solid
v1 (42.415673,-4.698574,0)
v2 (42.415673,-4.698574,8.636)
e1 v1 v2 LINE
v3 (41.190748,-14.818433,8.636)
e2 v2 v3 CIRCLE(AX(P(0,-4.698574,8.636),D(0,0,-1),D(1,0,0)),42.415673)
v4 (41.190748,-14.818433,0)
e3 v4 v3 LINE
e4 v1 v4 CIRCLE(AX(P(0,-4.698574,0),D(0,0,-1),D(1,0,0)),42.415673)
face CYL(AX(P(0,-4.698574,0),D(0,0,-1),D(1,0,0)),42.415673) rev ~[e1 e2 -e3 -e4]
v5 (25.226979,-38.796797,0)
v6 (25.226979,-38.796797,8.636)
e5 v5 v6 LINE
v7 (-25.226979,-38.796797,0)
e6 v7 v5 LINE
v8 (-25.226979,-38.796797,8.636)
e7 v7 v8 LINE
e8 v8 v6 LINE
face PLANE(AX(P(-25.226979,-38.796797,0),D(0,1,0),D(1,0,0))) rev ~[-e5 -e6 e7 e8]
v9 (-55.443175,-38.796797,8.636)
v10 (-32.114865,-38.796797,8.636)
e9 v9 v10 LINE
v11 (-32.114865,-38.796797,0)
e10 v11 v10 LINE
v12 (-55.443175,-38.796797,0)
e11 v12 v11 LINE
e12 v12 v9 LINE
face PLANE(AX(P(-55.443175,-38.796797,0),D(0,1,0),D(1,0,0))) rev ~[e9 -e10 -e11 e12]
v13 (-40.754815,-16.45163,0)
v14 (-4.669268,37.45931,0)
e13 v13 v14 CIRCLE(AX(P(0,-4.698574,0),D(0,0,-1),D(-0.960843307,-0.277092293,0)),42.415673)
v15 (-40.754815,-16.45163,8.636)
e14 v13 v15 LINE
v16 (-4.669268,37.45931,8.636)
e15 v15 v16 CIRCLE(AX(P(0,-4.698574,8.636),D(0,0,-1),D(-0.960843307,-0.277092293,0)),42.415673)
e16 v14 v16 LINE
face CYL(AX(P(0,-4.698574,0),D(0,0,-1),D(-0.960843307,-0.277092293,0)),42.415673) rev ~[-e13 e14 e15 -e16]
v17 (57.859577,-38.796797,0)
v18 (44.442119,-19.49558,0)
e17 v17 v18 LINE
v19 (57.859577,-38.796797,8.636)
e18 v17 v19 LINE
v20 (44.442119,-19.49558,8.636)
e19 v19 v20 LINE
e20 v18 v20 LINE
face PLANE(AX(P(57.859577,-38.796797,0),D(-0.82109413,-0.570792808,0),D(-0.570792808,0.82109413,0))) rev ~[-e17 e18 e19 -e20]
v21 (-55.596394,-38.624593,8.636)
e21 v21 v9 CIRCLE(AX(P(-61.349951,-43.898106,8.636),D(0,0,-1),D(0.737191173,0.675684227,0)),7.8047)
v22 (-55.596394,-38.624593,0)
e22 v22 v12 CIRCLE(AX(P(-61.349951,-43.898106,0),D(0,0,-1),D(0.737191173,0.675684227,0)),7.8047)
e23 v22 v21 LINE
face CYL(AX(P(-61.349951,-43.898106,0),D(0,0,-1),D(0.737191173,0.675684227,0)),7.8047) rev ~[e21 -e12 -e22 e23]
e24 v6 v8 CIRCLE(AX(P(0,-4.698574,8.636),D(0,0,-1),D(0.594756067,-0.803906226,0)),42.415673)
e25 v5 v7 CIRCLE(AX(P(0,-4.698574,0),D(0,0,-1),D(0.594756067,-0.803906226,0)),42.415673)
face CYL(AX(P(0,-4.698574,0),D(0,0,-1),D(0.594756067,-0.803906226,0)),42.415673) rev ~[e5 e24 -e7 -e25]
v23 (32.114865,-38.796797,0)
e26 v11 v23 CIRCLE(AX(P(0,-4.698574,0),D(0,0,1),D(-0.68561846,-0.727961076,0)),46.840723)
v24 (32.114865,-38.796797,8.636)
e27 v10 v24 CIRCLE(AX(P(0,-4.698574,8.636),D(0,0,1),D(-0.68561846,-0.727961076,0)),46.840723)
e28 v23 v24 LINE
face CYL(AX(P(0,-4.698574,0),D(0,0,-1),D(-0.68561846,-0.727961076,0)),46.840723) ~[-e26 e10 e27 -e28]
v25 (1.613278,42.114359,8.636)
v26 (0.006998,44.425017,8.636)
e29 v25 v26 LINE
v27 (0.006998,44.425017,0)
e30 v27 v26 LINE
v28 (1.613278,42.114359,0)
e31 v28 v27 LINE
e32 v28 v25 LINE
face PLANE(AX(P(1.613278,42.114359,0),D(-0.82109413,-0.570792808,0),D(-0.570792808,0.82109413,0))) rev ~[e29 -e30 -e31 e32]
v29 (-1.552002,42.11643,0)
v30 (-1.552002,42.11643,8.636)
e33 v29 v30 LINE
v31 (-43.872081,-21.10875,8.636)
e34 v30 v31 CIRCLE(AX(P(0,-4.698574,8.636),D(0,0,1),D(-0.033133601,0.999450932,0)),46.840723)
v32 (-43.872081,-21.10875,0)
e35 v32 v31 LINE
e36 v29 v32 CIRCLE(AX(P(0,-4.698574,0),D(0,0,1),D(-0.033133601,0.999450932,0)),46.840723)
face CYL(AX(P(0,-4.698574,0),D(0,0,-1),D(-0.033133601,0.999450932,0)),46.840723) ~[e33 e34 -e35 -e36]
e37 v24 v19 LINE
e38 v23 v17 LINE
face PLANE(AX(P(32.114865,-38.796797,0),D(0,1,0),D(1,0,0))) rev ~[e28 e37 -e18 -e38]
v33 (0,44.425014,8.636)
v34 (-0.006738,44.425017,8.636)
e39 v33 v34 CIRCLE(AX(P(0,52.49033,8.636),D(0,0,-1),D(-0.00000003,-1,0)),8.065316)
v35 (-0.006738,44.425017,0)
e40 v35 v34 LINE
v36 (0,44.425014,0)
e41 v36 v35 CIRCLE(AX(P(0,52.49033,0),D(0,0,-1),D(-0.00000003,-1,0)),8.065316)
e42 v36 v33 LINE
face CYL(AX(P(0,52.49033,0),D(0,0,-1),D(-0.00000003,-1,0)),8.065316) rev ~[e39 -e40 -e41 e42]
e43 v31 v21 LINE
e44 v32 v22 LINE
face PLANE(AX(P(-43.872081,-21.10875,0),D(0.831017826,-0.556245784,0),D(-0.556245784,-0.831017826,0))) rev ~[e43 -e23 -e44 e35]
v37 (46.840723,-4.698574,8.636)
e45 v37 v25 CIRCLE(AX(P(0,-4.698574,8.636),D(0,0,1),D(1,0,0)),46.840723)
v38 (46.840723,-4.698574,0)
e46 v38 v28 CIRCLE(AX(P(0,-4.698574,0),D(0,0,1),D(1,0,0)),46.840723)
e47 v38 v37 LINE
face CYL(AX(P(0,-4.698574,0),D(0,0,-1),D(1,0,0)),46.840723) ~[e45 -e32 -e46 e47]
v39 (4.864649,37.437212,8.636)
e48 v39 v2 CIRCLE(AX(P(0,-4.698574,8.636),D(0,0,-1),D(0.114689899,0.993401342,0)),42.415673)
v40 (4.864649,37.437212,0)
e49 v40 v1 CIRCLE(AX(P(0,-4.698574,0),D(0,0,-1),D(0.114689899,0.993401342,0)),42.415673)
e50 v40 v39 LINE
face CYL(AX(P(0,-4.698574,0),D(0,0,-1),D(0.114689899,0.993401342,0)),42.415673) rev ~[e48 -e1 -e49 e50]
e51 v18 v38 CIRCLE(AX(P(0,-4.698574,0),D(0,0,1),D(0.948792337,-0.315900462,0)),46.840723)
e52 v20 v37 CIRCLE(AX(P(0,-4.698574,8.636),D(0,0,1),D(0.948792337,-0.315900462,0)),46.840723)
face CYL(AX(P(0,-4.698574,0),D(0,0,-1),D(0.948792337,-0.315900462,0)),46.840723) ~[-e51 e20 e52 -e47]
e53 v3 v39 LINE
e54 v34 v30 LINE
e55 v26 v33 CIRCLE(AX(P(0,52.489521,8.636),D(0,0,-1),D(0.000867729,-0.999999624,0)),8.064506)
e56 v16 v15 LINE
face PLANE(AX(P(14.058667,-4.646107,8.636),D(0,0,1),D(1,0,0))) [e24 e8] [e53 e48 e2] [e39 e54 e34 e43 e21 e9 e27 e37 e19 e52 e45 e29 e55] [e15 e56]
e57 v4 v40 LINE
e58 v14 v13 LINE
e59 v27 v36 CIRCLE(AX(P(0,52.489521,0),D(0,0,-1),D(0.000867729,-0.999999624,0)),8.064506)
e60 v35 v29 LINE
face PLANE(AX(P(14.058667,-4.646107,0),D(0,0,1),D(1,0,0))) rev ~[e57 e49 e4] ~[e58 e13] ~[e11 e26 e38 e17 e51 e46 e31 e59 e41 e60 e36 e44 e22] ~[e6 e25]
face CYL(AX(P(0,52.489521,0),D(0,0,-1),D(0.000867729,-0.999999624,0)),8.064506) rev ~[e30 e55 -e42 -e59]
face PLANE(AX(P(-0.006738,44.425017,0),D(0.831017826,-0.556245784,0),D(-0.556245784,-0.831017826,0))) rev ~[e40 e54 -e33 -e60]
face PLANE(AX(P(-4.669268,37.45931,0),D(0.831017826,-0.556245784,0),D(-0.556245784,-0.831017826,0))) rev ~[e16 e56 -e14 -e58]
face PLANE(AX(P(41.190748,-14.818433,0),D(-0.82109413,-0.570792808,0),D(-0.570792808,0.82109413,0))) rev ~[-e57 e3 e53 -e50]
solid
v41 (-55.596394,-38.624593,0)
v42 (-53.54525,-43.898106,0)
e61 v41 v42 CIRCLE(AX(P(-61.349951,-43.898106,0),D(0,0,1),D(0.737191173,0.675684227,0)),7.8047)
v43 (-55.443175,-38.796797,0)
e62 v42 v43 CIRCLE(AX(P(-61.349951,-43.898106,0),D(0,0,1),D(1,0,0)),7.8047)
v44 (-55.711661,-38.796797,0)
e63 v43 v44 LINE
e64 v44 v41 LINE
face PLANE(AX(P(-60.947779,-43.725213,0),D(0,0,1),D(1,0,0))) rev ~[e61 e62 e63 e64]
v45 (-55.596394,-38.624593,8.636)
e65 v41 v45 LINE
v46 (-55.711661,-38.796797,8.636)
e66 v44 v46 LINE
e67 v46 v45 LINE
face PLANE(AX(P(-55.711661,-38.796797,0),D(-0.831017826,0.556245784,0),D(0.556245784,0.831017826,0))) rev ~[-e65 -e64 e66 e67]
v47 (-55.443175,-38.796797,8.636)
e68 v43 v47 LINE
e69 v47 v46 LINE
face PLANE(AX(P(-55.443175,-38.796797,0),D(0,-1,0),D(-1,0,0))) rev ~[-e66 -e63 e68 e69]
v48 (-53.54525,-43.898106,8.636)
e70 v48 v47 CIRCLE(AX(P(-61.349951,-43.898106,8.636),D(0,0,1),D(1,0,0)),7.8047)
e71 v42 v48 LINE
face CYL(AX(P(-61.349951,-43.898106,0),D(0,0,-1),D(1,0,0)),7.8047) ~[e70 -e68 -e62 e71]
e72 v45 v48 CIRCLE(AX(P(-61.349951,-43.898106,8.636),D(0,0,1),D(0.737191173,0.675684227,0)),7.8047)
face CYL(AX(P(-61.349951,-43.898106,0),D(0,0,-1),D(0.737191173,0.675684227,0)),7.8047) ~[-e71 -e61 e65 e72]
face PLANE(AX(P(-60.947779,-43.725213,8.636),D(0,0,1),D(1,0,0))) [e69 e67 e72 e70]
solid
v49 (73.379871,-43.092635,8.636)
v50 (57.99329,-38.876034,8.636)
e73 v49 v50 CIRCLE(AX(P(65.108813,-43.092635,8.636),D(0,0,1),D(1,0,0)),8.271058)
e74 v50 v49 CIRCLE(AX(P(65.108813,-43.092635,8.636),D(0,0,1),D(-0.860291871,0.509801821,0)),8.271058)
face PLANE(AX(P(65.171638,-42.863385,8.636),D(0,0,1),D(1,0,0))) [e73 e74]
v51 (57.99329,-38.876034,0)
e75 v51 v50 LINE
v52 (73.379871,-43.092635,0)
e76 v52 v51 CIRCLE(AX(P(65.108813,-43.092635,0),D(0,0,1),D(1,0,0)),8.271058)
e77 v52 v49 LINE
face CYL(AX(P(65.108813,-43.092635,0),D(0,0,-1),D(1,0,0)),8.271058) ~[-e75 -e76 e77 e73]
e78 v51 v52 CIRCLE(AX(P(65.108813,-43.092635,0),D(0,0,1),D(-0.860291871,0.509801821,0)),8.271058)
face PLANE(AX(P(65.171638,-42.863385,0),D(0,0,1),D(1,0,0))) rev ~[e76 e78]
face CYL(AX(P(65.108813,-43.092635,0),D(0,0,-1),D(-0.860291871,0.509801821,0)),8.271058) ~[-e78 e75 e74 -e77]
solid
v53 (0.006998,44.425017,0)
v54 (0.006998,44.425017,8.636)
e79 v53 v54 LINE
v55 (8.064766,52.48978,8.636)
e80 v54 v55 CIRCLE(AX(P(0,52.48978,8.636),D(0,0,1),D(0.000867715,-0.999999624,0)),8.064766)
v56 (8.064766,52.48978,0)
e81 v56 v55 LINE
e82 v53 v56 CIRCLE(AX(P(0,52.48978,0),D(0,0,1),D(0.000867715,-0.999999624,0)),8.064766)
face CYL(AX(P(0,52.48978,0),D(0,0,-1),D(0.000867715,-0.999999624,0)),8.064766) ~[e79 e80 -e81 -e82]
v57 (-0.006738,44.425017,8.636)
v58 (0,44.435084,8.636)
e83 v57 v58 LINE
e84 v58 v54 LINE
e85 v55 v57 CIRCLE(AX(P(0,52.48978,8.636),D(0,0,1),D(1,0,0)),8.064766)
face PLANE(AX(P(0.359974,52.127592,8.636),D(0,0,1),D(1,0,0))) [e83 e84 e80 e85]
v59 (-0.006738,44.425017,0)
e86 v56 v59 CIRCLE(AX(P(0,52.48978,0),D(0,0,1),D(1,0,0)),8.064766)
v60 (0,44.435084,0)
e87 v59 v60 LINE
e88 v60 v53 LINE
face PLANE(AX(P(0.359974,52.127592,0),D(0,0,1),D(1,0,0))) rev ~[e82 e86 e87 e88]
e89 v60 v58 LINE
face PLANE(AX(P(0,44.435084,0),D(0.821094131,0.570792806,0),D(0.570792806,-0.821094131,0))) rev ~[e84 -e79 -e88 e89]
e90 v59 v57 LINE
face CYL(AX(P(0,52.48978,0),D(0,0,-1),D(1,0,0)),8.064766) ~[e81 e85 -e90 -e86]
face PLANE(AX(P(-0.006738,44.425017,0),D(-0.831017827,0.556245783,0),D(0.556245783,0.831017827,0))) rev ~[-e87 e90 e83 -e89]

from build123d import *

# Parameters (mm, degrees)
F1_DEPTH = 8.636


with BuildPart() as f1:
    # F0 (on Top) → F1 (new body)
    with BuildSketch(Plane.XY):
        with BuildLine():
            Line((0, 37.7170985419), (0, -38.7967973948))
            Line((0, -38.7967973948), (25.2269786209, -38.7967973948))
            ThreePointArc((25.2269786209, -38.7967973948), (35.3067853532, -28.2043221354), (41.1907481305, -14.8184333745))
            Line((41.1907481305, -14.8184333745), (4.8646492094, 37.437212041))
            ThreePointArc((4.8646492094, 37.437212041), (2.4363470803, 37.6470691064), (0, 37.7170985419))
        make_face()
        with BuildLine():
            ThreePointArc((-40.7548151647, -16.4516300475), (-34.8313925035, -28.9031889268), (-25.2269786209, -38.7967973948))
            Line((-25.2269786209, -38.7967973948), (0, -38.7967973948))
            Line((0, -38.7967973948), (0, 37.7170985419))
            ThreePointArc((0, 37.7170985419), (-2.3381891628, 37.6526024728), (-4.6692675573, 37.4593104073))
            Line((-4.6692675573, 37.4593104073), (-40.7548151647, -16.4516300475))
        make_face()
        with BuildLine():
            ThreePointArc((0, 42.1421492286), (-0.7761074517, 42.135719096), (-1.5520018207, 42.1164304636))
            Line((-1.5520018207, 42.1164304636), (-4.6692675573, 37.4593104073))
            ThreePointArc((-4.6692675573, 37.4593104073), (-2.3381891628, 37.6526024728), (0, 37.7170985419))
            Line((0, 37.7170985419), (0, 42.1421492286))
        make_face()
        with BuildLine():
            ThreePointArc((1.6132780308, 42.1143588987), (0.8067586856, 42.1352011308), (0, 42.1421492286))
            Line((0, 42.1421492286), (0, 37.7170985419))
            ThreePointArc((0, 37.7170985419), (2.4363470803, 37.6470691064), (4.8646492094, 37.437212041))
            Line((4.8646492094, 37.437212041), (1.6132780308, 42.1143588987))
        make_face()
        with BuildLine():
            Line((-0.006738286, 44.4250170288), (-1.5520018207, 42.1164304636))
            ThreePointArc((-1.5520018207, 42.1164304636), (-0.7761074517, 42.135719096), (0, 42.1421492286))
            Line((0, 42.1421492286), (0, 44.4250142138))
            ThreePointArc((0, 44.4250142138), (-0.0033691433, 44.4250149176), (-0.006738286, 44.4250170288))
        make_face()
        with BuildLine():
            Line((0, 44.4250142138), (0, 42.1421492286))
            ThreePointArc((0, 42.1421492286), (0.8067586856, 42.1352011308), (1.6132780308, 42.1143588987))
            Line((1.6132780308, 42.1143588987), (0.0069979213, 44.4250172499))
            ThreePointArc((0.0069979213, 44.4250172499), (0.003498961, 44.4250149728), (0, 44.4250142138))
        make_face()
        with BuildLine():
            Line((41.1907481305, -14.8184333745), (44.442119309, -19.4955802322))
            ThreePointArc((44.442119309, -19.4955802322), (46.237184027, -12.193650666), (46.8407233059, -4.6985740773))
            ThreePointArc((46.8407233059, -4.6985740773), (33.6869445756, 27.8474414235), (1.6132780308, 42.1143588987))
            Line((1.6132780308, 42.1143588987), (4.8646492094, 37.437212041))
            ThreePointArc((4.8646492094, 37.437212041), (31.6656489908, 23.5215598298), (42.4156726192, -4.6985740773))
            ThreePointArc((42.4156726192, -4.6985740773), (42.108327985, -9.7954356656), (41.1907481305, -14.8184333745))
        make_face()
        with BuildLine():
            Line((25.2269786209, -38.7967973948), (32.114864571, -38.7967973948))
            ThreePointArc((32.114864571, -38.7967973948), (39.4762864412, -29.9111933112), (44.442119309, -19.4955802322))
            Line((44.442119309, -19.4955802322), (41.1907481305, -14.8184333745))
            ThreePointArc((41.1907481305, -14.8184333745), (35.3067853532, -28.2043221354), (25.2269786209, -38.7967973948))
        make_face()
        with BuildLine():
            ThreePointArc((44.442119309, -19.4955802322), (39.4762864412, -29.9111933112), (32.114864571, -38.7967973948))
            Line((32.114864571, -38.7967973948), (46.3145114481, -38.7967973948))
            Line((46.3145114481, -38.7967973948), (57.8595772386, -38.7967973948))
            Line((57.8595772386, -38.7967973948), (44.442119309, -19.4955802322))
        make_face()
        with BuildLine():
            Line((-25.2269786209, -38.7967973948), (-32.114864571, -38.7967973948))
            ThreePointArc((-32.114864571, -38.7967973948), (0, -51.5392973832), (32.114864571, -38.7967973948))
            Line((32.114864571, -38.7967973948), (25.2269786209, -38.7967973948))
            ThreePointArc((25.2269786209, -38.7967973948), (0, -47.1142466966), (-25.2269786209, -38.7967973948))
        make_face()
        with BuildLine():
            ThreePointArc((-55.596394433, -38.6245926113), (-55.5191487672, -38.7101293299), (-55.443174629, -38.7967973948))
            Line((-55.443174629, -38.7967973948), (-32.114864571, -38.7967973948))
            ThreePointArc((-32.114864571, -38.7967973948), (-39.0092389671, -30.6279519146), (-43.8720809012, -21.1087501038))
            Line((-43.8720809012, -21.1087501038), (-55.596394433, -38.6245926113))
        make_face()
        with BuildLine():
            ThreePointArc((-43.8720809012, -21.1087501038), (-39.0092389671, -30.6279519146), (-32.114864571, -38.7967973948))
            Line((-32.114864571, -38.7967973948), (-25.2269786209, -38.7967973948))
            ThreePointArc((-25.2269786209, -38.7967973948), (-34.8313925035, -28.9031889268), (-40.7548151647, -16.4516300475))
            Line((-40.7548151647, -16.4516300475), (-43.8720809012, -21.1087501038))
        make_face()
        with BuildLine():
            ThreePointArc((-1.5520018207, 42.1164304636), (-38.9254760694, 21.3563807796), (-43.8720809012, -21.1087501038))
            Line((-43.8720809012, -21.1087501038), (-40.7548151647, -16.4516300475))
            ThreePointArc((-40.7548151647, -16.4516300475), (-35.2481800659, 18.8949649912), (-4.6692675573, 37.4593104073))
            Line((-4.6692675573, 37.4593104073), (-1.5520018207, 42.1164304636))
        make_face()
    extrude(amount=F1_DEPTH)


with BuildPart() as f1b:
    # F0 (on Top) → F1, piece 2 (new body)
    with BuildSketch(Plane.XY):
        with BuildLine():
            ThreePointArc((8.0647656758, 52.4897798896), (-5.7002676563, 58.1948122341), (-0.006738286, 44.4250170288))
            Line((-0.006738286, 44.4250170288), (0, 44.4350838661))
            Line((0, 44.4350838661), (0.0069979213, 44.4250172499))
            ThreePointArc((0.0069979213, 44.4250172499), (5.7051241003, 46.7896040673), (8.0647656758, 52.4897798896))
        make_face()
    extrude(amount=F1_DEPTH)


with BuildPart() as f1c:
    # F0 (on Top) → F1, piece 3 (new body)
    with BuildSketch(Plane.XY):
        with BuildLine():
            ThreePointArc((73.3798710813, -43.0926345289), (67.294847246, -35.1156895086), (57.9932896094, -38.8760342357))
            ThreePointArc((57.9932896094, -38.8760342357), (62.9227794449, -51.0695795491), (73.3798710813, -43.0926345289))
        make_face()
    extrude(amount=F1_DEPTH)


with BuildPart() as f1d:
    # F0 (on Top) → F1, piece 4 (new body)
    with BuildSketch(Plane.XY):
        with BuildLine():
            Line((-55.443174629, -38.7967973948), (-55.7116605341, -38.7967973948))
            Line((-55.7116605341, -38.7967973948), (-55.596394433, -38.6245926113))
            ThreePointArc((-55.596394433, -38.6245926113), (-68.6238126047, -46.7272897755), (-53.5452502536, -43.8981056213))
            ThreePointArc((-53.5452502536, -43.8981056213), (-54.0351039177, -41.1766417433), (-55.443174629, -38.7967973948))
        make_face()
    extrude(amount=F1_DEPTH)


solid = Compound([f1.part, f1b.part, f1c.part, f1d.part])
